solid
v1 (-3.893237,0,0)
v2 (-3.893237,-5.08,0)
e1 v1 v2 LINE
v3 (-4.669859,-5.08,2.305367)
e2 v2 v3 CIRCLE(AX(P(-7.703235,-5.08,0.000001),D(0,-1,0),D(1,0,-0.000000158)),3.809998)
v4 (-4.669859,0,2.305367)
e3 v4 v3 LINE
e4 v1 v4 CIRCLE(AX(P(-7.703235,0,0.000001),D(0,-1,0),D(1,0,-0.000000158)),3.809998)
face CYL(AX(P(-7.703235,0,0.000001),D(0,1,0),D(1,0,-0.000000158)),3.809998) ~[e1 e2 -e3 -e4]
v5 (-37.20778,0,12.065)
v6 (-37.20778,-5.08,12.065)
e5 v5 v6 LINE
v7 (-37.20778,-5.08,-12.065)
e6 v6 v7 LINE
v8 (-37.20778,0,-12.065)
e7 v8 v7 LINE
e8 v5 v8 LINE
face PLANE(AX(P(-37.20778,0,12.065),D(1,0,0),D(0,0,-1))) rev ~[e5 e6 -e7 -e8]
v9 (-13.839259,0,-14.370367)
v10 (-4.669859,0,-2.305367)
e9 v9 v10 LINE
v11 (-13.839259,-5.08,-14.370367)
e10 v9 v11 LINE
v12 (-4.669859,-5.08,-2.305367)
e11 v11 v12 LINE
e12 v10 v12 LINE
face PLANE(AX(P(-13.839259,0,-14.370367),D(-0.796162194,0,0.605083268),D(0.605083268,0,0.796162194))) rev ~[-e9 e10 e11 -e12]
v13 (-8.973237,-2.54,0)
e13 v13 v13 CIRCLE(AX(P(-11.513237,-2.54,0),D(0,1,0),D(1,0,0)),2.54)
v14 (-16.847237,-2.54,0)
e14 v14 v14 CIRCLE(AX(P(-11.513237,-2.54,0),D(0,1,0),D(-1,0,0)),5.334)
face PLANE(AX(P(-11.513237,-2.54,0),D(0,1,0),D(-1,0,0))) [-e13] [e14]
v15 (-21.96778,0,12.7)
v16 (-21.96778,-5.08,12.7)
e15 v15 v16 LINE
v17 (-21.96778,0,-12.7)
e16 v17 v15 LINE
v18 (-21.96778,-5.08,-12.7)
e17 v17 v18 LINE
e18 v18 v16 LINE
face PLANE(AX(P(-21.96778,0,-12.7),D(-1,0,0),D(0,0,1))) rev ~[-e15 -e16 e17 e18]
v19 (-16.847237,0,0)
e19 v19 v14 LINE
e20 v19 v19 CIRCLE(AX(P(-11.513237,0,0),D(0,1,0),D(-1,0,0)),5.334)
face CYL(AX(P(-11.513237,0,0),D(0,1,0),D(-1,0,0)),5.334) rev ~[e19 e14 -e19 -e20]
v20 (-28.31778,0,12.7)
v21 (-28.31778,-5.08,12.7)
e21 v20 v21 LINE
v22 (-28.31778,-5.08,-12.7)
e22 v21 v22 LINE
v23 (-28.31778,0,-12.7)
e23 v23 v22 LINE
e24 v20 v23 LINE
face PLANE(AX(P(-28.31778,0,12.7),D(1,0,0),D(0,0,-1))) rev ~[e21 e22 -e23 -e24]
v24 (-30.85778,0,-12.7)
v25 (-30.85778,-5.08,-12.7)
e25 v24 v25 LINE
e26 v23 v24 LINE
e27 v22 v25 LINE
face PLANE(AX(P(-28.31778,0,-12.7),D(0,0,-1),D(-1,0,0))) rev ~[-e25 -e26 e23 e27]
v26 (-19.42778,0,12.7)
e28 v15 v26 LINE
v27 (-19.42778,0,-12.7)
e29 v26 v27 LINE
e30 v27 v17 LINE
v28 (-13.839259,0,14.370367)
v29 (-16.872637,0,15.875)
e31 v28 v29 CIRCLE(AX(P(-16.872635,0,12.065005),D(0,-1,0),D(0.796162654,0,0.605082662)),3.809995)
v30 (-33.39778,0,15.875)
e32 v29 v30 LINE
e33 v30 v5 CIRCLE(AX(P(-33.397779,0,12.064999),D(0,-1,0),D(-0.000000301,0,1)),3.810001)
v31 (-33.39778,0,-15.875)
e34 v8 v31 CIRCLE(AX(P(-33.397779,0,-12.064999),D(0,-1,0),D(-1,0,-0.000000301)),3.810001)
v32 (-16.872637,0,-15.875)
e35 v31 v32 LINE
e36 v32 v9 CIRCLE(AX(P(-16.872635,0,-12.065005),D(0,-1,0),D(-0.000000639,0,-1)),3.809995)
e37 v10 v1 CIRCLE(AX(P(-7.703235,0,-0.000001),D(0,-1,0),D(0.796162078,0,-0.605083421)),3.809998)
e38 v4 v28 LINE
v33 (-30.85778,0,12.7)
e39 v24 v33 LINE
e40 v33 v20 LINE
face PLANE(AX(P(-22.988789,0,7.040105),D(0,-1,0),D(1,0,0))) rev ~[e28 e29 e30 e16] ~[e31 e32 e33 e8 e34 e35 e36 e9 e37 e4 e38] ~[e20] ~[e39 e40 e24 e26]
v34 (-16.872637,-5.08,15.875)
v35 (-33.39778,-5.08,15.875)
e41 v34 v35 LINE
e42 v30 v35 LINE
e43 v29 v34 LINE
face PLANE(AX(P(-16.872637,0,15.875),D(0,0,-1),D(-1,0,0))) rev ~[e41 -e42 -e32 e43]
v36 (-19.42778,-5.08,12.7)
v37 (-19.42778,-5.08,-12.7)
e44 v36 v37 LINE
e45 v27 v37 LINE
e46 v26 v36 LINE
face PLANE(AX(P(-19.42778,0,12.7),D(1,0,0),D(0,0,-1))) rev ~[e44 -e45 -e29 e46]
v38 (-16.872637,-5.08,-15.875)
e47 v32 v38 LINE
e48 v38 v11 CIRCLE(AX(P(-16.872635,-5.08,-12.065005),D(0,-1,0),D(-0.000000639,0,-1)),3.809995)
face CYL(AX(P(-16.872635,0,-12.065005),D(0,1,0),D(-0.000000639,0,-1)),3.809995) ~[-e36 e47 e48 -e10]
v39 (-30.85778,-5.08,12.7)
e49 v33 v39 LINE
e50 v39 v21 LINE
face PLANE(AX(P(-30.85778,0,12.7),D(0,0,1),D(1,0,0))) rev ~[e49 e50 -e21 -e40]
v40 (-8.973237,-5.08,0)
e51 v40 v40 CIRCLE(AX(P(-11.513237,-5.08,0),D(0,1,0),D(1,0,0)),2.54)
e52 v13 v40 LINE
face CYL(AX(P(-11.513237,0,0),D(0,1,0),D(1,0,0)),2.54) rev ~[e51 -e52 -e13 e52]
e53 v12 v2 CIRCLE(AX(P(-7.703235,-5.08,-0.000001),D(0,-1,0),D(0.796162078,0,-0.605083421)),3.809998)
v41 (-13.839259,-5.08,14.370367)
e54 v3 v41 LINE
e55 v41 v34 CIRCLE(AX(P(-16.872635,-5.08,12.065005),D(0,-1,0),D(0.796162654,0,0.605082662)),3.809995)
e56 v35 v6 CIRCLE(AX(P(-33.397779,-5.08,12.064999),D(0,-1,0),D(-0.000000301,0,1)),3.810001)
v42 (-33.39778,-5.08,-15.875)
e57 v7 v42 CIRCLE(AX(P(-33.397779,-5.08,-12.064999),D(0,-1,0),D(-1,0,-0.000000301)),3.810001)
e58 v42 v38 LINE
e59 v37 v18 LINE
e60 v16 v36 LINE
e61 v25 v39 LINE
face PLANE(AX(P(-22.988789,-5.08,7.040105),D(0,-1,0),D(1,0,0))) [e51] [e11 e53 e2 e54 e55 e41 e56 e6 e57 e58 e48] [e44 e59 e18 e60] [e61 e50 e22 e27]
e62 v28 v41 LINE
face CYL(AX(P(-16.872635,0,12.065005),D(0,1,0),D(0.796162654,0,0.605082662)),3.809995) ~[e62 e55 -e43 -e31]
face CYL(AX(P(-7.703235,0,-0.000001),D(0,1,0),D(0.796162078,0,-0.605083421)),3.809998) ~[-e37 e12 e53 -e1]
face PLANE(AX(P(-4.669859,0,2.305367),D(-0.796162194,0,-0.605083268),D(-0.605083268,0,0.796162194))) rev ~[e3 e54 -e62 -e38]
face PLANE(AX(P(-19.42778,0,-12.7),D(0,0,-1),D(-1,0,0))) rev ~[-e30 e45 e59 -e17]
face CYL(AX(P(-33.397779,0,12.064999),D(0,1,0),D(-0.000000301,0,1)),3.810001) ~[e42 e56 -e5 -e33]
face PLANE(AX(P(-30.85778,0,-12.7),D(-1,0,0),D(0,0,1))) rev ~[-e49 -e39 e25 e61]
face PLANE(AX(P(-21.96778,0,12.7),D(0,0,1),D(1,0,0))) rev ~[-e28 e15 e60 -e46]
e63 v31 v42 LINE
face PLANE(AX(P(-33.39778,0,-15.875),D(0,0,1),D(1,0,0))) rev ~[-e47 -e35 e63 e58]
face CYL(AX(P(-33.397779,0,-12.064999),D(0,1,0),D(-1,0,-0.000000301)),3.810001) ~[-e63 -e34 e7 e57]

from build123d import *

# Parameters (mm, degrees)
F1_DEPTH = 5.08
F2_R     = 5.334
F2_R_2   = 2.54
F3_DEPTH = 2.54


with BuildPart() as f1:
    # F0 (on Front) → F1 (new body)
    with BuildSketch(Plane.XZ):
        with BuildLine():
            ThreePointArc((-33.39778, 15.875), (-36.091856, 14.759077), (-37.20778, 12.065))
            Line((-37.20778, 12.065), (-37.20778, 0))
            Line((-37.20778, 0), (-30.85778, 0))
            Line((-30.85778, 0), (-30.85778, 12.7))
            Line((-30.85778, 12.7), (-28.31778, 12.7))
            Line((-28.31778, 12.7), (-28.31778, 0))
            Line((-28.31778, 0), (-21.96778, 0))
            Line((-21.96778, 0), (-21.96778, 12.7))
            Line((-21.96778, 12.7), (-19.42778, 12.7))
            Line((-19.42778, 12.7), (-19.42778, 0))
            Line((-19.42778, 0), (-14.053237, 0))
            ThreePointArc((-14.053237, 0), (-11.513237, 2.54), (-8.973237, 0))
            Line((-8.973237, 0), (-3.893237, 0))
            ThreePointArc((-3.893237, 0), (-4.092609, 1.216333), (-4.669859, 2.305367))
            Line((-4.669859, 2.305367), (-13.839259, 14.370367))
            ThreePointArc((-13.839259, 14.370367), (-15.179614, 15.478177), (-16.872637, 15.875))
            Line((-16.872637, 15.875), (-33.39778, 15.875))
        make_face()
        with BuildLine():
            Line((-30.85778, 0), (-37.20778, 0))
            Line((-37.20778, 0), (-37.20778, -12.065))
            ThreePointArc((-37.20778, -12.065), (-36.091856, -14.759077), (-33.39778, -15.875))
            Line((-33.39778, -15.875), (-16.872637, -15.875))
            ThreePointArc((-16.872637, -15.875), (-15.179614, -15.478177), (-13.839259, -14.370367))
            Line((-13.839259, -14.370367), (-4.669859, -2.305367))
            ThreePointArc((-4.669859, -2.305367), (-4.092609, -1.216333), (-3.893237, 0))
            Line((-3.893237, 0), (-8.973237, 0))
            ThreePointArc((-8.973237, 0), (-11.513237, -2.54), (-14.053237, 0))
            Line((-14.053237, 0), (-19.42778, 0))
            Line((-19.42778, 0), (-19.42778, -12.7))
            Line((-19.42778, -12.7), (-21.96778, -12.7))
            Line((-21.96778, -12.7), (-21.96778, 0))
            Line((-21.96778, 0), (-28.31778, 0))
            Line((-28.31778, 0), (-28.31778, -12.7))
            Line((-28.31778, -12.7), (-30.85778, -12.7))
            Line((-30.85778, -12.7), (-30.85778, 0))
        make_face()
    extrude(amount=F1_DEPTH)

    # F2 (on face) → F3 (cut)
    with BuildSketch(Plane(origin=(0, 0, 0), x_dir=(-1, 0, 0), z_dir=(0, 1, 0))):
        with Locations((11.513237, 0)):
            Circle(F2_R)
        with Locations((11.513237, 0)):
            Circle(F2_R_2, mode=Mode.SUBTRACT)
    extrude(amount=-F3_DEPTH, mode=Mode.SUBTRACT)


solid = f1.part
